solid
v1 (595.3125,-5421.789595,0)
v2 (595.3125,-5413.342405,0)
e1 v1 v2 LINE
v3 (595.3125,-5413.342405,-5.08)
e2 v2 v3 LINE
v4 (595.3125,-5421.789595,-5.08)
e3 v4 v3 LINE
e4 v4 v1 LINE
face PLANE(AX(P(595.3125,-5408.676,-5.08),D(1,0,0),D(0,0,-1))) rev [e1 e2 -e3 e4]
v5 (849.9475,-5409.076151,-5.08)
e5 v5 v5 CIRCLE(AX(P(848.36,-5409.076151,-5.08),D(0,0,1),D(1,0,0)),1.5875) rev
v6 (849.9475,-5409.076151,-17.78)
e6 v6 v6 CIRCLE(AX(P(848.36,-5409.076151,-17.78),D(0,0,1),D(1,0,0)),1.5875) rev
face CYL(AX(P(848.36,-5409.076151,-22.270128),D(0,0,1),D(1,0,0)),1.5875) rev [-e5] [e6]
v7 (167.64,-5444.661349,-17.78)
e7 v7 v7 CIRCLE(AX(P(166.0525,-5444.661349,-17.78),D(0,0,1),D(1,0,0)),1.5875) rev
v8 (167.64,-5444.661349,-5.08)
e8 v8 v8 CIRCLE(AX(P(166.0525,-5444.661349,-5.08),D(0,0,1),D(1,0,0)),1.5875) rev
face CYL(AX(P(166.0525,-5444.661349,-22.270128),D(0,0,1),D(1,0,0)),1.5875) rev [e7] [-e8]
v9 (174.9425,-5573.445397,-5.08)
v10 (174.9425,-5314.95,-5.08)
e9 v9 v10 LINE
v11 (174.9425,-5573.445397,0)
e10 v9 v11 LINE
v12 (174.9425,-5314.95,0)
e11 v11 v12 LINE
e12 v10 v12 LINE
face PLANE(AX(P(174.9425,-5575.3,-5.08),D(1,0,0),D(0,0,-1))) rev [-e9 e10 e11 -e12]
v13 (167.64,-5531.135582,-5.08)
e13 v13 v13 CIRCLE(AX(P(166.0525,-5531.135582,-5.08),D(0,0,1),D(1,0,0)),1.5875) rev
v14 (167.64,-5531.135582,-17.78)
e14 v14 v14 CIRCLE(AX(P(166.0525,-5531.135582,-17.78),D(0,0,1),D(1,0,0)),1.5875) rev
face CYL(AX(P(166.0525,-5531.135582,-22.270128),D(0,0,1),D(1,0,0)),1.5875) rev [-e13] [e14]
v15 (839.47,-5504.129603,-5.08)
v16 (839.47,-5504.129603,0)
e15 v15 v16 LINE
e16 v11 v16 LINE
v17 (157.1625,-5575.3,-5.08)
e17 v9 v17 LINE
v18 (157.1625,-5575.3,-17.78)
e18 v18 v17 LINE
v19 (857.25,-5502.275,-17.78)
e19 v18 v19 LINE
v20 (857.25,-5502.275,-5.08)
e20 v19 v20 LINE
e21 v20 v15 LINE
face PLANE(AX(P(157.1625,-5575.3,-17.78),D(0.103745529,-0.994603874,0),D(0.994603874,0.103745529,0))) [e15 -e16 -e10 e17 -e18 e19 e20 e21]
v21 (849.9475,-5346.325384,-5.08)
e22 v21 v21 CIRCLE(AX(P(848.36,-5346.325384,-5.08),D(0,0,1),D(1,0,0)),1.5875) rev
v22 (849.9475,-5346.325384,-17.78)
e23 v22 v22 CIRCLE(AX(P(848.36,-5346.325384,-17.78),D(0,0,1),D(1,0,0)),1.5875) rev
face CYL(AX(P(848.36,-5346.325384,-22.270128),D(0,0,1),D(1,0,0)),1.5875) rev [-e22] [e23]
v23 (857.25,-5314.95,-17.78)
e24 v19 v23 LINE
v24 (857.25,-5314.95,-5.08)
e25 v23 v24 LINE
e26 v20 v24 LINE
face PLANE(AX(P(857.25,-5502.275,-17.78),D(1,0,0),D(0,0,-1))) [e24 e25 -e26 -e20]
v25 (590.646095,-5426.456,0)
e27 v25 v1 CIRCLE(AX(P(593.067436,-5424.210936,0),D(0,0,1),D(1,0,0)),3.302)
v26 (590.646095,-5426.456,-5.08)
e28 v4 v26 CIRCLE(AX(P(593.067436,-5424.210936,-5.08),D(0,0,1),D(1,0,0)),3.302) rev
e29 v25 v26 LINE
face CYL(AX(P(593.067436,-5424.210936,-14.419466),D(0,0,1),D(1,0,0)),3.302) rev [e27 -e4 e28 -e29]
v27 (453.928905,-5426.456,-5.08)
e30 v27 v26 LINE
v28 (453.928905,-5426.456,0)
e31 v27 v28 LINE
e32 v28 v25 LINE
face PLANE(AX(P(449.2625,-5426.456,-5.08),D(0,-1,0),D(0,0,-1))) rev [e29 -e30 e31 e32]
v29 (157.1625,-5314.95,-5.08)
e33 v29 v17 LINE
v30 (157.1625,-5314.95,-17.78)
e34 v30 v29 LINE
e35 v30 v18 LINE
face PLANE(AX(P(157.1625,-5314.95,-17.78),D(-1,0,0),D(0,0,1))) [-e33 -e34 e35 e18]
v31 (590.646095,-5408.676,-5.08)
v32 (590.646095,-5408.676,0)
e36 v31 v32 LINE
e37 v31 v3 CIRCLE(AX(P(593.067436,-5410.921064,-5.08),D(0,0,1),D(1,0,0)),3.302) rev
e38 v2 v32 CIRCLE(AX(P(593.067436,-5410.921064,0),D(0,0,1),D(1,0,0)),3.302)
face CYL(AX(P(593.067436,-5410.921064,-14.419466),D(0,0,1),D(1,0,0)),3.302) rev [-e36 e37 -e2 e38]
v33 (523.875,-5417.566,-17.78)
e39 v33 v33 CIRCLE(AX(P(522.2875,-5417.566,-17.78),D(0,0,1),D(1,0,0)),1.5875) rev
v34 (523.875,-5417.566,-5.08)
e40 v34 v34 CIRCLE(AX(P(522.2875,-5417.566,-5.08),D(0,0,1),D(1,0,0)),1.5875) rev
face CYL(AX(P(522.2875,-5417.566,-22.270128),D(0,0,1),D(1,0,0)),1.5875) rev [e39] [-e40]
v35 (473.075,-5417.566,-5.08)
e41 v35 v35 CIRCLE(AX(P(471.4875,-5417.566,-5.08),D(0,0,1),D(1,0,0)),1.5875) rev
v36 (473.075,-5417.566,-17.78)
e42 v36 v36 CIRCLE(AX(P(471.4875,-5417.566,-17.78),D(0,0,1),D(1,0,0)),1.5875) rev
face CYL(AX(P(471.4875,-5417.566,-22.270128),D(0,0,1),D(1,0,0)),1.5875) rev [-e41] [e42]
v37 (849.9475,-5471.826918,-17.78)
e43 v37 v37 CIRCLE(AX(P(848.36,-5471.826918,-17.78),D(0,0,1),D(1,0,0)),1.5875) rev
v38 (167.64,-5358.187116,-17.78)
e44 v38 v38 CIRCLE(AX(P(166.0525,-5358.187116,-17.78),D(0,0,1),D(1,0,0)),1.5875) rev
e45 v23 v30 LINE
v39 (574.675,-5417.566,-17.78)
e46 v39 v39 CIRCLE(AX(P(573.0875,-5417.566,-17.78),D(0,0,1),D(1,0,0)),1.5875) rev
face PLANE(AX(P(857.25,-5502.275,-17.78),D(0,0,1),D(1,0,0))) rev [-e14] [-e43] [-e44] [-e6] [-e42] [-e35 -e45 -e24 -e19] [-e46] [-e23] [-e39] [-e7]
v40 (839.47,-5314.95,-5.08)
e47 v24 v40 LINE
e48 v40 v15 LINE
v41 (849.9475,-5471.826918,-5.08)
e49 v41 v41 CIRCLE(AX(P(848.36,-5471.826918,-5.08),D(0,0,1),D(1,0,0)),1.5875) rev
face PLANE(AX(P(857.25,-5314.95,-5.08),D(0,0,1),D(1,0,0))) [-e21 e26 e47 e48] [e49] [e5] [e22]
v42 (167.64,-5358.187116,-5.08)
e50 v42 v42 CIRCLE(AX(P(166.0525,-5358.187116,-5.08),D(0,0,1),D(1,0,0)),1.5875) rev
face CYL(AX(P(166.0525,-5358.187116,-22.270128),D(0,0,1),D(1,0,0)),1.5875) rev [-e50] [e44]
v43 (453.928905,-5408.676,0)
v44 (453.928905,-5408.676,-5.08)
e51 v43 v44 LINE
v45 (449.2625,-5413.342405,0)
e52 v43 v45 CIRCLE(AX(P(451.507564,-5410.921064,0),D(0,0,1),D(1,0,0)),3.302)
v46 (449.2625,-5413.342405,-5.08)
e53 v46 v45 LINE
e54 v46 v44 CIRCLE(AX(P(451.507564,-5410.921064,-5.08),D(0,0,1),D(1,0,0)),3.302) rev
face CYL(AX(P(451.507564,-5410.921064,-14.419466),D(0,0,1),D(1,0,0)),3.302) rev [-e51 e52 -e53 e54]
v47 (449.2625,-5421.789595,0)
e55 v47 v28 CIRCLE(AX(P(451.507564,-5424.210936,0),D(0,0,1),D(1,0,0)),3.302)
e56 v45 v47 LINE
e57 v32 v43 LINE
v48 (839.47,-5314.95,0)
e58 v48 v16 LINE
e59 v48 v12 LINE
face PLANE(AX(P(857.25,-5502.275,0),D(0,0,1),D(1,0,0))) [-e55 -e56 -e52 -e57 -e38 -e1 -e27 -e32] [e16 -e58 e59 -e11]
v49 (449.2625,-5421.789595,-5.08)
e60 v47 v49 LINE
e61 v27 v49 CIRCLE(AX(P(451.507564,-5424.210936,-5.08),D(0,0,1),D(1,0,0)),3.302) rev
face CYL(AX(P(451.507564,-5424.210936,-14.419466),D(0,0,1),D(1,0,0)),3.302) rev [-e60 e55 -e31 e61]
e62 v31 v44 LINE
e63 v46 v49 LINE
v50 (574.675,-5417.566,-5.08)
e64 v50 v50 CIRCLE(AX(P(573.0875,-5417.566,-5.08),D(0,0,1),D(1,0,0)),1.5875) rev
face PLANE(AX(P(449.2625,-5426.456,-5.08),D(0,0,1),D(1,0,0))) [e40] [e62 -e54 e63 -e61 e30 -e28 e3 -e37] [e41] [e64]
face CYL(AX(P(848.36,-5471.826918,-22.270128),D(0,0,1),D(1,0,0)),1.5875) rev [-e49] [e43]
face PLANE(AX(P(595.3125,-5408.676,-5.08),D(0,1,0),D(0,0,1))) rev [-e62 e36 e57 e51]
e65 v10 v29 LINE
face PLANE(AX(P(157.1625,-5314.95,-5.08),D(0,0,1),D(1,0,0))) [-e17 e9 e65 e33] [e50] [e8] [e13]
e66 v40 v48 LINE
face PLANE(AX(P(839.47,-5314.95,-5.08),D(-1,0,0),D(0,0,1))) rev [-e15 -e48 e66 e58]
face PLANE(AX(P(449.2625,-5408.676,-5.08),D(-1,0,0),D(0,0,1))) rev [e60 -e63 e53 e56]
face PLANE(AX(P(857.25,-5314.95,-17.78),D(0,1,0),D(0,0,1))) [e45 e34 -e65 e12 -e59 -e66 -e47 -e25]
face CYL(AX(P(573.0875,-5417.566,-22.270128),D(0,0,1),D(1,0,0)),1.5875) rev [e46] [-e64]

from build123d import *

# Parameters (mm, degrees)
EXTRUDE1_DEPTH     = 17.78
SKETCH3_R          = 1.5875
CUT_EXTRUDE1_DEPTH = 17.78
SKETCH4_W          = 17.78
SKETCH4_H          = 260.35
SKETCH4_H_2        = 189.179603175
SKETCH4_W_2        = 146.050000002
SKETCH4_H_3        = 17.780000002
CUT_EXTRUDE2_DEPTH = 5.08
SKETCH6_R          = 3.302
CUT_EXTRUDE3_DEPTH = 5.08


with BuildPart() as part:
    # Sketch2 → Extrude1 (new body)
    with BuildSketch(Plane.XY):
        Polygon((857.25, -5502.275), (857.25, -5314.95), (157.1625, -5314.95), (157.1625, -5575.3), align=None)
    extrude(amount=-EXTRUDE1_DEPTH)

    # Sketch3 → Cut-Extrude1 (cut)
    with BuildSketch(Plane.XY):
        with Locations((166.0525, -5531.135582009)):
            Circle(SKETCH3_R)
        with Locations((166.0525, -5444.661349205)):
            Circle(SKETCH3_R)
        with Locations((166.0525, -5358.187116401)):
            Circle(SKETCH3_R)
        with Locations((848.36, -5471.826917991)):
            Circle(SKETCH3_R)
        with Locations((848.36, -5409.076150795)):
            Circle(SKETCH3_R)
        with Locations((848.36, -5346.325383599)):
            Circle(SKETCH3_R)
        with Locations((573.0875, -5417.566)):
            Circle(SKETCH3_R)
        with Locations((522.2875, -5417.566)):
            Circle(SKETCH3_R)
        with Locations((471.4875, -5417.566)):
            Circle(SKETCH3_R)
    extrude(amount=-CUT_EXTRUDE1_DEPTH, mode=Mode.SUBTRACT)

    # Sketch4 → Cut-Extrude2 (cut)
    with BuildSketch(Plane.XY):
        with Locations((166.0525, -5445.125)):
            Rectangle(SKETCH4_W, SKETCH4_H)
        with Locations((848.36, -5409.539801588)):
            Rectangle(SKETCH4_W, SKETCH4_H_2)
        with Locations((522.2875, -5417.566)):
            Rectangle(SKETCH4_W_2, SKETCH4_H_3)
    extrude(amount=-CUT_EXTRUDE2_DEPTH, mode=Mode.SUBTRACT)

    # Sketch6 → Cut-Extrude3 (cut)
    with BuildSketch(Plane.XY):
        with Locations((451.507564029, -5410.921064029)):
            Circle(SKETCH6_R)
        with Locations((451.507564029, -5424.210935971)):
            Circle(SKETCH6_R)
        with Locations((593.067435971, -5424.210935971)):
            Circle(SKETCH6_R)
        with Locations((593.067435971, -5410.921064029)):
            Circle(SKETCH6_R)
    extrude(amount=-CUT_EXTRUDE3_DEPTH, mode=Mode.SUBTRACT)


solid = part.part
